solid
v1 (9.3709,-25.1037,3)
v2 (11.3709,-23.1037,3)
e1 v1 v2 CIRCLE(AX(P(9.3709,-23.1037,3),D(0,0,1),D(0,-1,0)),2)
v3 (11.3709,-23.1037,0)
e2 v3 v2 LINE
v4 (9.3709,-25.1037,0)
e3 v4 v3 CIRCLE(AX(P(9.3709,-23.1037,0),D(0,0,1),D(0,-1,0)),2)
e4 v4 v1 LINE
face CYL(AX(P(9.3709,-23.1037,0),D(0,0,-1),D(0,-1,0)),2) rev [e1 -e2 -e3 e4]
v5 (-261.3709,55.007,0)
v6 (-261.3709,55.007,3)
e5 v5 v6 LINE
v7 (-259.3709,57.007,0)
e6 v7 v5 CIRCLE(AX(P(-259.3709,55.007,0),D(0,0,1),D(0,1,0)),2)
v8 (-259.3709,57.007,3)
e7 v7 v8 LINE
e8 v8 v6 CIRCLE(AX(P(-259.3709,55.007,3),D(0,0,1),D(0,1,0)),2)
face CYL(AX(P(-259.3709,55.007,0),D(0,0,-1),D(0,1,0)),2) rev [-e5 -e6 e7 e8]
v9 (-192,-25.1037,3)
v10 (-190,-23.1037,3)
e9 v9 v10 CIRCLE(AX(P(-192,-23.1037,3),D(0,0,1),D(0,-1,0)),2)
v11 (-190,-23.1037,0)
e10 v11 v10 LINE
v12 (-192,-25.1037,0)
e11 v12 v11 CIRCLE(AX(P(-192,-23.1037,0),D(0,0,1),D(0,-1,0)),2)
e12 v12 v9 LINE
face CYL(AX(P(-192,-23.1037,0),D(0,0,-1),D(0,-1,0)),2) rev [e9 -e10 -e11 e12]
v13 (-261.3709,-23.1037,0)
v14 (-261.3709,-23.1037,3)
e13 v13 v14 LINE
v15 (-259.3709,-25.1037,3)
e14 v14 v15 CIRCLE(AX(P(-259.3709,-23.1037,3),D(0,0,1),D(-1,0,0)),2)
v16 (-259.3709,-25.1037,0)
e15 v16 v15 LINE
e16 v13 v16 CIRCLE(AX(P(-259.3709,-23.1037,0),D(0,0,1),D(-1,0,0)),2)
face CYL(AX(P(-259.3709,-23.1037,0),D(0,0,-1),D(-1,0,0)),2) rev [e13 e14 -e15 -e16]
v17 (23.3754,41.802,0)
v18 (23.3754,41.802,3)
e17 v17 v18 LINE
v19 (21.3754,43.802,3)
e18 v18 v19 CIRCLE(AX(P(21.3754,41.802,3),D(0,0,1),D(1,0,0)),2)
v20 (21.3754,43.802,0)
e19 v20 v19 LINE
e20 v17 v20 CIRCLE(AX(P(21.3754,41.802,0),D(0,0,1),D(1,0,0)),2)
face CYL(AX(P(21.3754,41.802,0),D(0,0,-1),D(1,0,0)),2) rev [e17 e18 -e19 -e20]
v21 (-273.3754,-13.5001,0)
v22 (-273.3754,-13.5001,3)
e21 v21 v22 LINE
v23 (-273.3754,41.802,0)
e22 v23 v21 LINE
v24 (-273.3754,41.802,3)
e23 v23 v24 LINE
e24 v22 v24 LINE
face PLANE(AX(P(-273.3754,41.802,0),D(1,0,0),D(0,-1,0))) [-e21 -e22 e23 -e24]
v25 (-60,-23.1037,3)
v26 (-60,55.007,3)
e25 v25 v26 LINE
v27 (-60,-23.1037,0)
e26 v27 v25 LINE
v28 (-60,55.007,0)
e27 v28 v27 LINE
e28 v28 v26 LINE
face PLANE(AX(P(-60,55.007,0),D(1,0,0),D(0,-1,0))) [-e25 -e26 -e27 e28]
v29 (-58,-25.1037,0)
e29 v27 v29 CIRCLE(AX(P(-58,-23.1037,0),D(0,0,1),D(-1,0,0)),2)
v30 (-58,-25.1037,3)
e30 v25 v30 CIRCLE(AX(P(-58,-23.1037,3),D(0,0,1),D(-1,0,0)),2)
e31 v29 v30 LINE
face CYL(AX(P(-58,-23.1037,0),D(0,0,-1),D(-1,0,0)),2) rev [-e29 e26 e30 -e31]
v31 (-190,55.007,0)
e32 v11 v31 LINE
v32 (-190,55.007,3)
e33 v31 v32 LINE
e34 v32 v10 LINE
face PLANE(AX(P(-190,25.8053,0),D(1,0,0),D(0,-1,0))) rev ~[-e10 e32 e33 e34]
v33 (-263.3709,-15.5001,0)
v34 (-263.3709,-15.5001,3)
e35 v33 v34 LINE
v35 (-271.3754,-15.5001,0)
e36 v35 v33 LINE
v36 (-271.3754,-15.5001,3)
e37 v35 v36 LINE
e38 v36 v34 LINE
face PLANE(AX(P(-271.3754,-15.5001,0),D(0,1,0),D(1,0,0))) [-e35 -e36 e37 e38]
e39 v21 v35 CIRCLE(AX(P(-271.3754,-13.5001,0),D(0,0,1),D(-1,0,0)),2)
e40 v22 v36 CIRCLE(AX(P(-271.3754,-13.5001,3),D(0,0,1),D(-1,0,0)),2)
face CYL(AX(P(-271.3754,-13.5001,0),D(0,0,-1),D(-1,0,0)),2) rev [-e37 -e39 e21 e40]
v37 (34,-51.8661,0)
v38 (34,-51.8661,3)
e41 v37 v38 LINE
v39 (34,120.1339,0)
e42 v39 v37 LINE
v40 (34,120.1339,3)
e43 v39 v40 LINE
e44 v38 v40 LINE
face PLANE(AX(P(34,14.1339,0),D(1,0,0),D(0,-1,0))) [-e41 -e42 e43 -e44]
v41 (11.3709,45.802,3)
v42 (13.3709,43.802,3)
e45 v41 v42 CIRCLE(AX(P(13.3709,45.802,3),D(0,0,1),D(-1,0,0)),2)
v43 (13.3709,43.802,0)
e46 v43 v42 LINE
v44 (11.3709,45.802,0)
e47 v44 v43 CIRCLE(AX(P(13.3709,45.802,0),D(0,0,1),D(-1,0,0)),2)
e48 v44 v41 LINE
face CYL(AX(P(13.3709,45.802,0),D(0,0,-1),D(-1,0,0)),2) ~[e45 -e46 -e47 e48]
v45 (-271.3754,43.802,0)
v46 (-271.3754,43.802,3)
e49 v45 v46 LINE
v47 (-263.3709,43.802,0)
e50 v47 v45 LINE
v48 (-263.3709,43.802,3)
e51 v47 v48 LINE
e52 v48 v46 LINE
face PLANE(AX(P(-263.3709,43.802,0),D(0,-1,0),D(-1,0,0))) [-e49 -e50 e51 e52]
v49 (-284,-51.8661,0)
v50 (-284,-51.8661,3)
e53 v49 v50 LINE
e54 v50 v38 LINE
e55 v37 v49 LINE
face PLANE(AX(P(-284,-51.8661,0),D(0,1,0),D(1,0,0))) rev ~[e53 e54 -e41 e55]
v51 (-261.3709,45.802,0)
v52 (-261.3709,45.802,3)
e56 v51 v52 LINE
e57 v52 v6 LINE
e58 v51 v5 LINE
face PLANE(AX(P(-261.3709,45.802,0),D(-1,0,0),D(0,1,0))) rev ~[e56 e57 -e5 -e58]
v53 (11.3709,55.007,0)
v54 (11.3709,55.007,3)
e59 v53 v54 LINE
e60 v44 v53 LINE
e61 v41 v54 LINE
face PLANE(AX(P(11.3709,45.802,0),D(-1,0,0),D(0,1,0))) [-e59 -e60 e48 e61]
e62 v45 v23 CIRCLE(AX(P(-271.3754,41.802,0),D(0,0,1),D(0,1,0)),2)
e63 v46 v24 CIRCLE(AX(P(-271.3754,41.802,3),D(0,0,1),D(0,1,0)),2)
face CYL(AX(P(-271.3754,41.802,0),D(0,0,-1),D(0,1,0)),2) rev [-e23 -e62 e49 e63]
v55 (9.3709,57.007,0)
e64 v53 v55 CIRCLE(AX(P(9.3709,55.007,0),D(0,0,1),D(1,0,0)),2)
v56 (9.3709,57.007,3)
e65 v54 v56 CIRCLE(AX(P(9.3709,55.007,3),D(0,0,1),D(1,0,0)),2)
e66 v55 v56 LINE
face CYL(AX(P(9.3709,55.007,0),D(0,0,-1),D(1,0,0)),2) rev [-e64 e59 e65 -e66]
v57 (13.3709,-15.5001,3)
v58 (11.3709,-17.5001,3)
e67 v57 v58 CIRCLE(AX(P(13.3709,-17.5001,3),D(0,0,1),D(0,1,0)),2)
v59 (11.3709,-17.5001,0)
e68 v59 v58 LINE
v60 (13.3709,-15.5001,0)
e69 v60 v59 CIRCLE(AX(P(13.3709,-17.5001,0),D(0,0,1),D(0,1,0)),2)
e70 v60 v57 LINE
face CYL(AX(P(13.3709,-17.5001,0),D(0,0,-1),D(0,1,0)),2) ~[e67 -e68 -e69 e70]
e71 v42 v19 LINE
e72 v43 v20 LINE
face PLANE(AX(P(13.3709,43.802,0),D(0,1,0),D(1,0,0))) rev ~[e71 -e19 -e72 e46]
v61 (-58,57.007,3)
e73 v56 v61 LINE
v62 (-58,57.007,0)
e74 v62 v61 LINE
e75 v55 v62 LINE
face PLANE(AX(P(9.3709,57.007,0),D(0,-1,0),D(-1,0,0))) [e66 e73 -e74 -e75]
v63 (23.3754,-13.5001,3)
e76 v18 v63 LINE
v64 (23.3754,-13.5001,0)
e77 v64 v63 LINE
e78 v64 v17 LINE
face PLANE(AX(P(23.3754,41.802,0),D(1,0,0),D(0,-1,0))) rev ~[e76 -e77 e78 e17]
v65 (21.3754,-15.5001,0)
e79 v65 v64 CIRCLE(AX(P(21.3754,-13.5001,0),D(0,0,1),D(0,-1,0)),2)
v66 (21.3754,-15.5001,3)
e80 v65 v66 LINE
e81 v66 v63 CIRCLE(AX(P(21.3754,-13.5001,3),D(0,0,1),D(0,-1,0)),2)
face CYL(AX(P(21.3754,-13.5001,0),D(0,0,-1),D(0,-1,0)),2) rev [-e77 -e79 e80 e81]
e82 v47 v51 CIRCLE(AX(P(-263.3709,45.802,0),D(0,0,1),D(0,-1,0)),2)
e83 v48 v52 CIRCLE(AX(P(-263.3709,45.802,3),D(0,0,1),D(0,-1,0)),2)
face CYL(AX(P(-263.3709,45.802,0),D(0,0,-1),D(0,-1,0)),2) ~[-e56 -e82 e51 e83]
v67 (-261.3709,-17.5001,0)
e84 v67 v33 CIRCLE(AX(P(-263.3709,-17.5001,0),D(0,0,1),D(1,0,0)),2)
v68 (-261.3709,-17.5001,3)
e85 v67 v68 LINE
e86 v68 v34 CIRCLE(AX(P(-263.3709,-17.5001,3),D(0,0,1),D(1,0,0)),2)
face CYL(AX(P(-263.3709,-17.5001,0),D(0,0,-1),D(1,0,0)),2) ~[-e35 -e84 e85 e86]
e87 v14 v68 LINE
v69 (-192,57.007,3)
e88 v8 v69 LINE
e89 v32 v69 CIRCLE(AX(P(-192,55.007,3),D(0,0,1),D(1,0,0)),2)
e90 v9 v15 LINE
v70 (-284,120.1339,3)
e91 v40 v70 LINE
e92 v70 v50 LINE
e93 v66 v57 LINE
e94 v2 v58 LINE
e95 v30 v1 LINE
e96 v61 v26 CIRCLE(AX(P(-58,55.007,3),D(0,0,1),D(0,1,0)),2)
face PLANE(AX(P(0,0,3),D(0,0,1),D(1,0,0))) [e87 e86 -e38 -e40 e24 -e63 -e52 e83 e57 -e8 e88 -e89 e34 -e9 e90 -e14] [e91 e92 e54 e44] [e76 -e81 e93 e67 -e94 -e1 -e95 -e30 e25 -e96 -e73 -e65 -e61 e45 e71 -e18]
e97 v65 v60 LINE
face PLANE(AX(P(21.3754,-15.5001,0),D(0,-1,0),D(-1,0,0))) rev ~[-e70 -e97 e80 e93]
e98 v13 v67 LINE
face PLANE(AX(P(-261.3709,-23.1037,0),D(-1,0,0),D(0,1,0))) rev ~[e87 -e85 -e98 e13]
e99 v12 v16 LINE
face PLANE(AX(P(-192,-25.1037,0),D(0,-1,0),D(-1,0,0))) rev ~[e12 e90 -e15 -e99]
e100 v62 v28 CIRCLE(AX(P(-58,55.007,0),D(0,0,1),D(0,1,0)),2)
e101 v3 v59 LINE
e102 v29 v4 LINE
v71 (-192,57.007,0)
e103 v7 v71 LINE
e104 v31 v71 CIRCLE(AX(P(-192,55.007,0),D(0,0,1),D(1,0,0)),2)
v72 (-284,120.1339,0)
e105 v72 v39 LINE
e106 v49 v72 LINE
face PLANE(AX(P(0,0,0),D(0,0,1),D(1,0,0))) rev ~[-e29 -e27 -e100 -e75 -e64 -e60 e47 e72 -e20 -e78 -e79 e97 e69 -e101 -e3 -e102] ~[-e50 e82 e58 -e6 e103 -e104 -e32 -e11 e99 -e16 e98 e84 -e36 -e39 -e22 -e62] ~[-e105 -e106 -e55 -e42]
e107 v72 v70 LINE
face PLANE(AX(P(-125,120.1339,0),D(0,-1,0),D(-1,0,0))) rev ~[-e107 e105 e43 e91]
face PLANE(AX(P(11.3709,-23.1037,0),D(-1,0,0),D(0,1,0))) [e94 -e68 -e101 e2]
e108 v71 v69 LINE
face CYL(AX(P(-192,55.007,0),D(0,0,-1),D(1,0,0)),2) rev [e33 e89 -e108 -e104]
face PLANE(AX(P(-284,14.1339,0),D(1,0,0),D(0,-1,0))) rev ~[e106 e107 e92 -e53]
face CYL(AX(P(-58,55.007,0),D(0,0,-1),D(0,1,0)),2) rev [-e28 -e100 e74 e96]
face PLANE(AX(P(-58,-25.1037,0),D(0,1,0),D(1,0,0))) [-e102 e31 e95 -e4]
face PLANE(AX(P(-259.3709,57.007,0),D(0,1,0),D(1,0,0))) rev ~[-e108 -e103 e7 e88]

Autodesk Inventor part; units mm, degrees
ref_plane "YZ Plane" through (0, 0, 0) normal (1, 0, 0) x (0, 1, 0)
ref_plane "XZ Plane" through (0, 0, 0) normal (0, 1, 0) x (-1, 0, 0)
ref_plane "XY Plane" through (0, 0, 0) normal (0, 0, 1) x (1, 0, 0)
ref_plane "Plan de construction1" through (0, 0, 0) normal (0, 0, 1) x (1, 0, 0)
sketch "Esquisse1" plane through (0, 0, 0) normal (0, 0, 1) x (1, 0, 0)
  line L0 (-259.3709, 57.007) -> (-192, 57.007)
  line L1 (-190, 55.007) -> (-190, -23.1037)
  line L2 (-192, -25.1037) -> (-259.3709, -25.1037)
  line L3 (-263.3709, 43.802) -> (-271.3754, 43.802)
  line L4 (-273.3754, 41.802) -> (-273.3754, -13.5001)
  line L5 (-271.3754, -15.5001) -> (-263.3709, -15.5001)
  line L6 (-261.3709, -23.1037) -> (-261.3709, -17.5001)
  line L7 (-261.3709, 45.802) -> (-261.3709, 55.007)
  arc A0 (-263.3709, 43.802) -> (-261.3709, 45.802) centre (-263.3709, 45.802) ccw
  arc A1 (-190, 55.007) -> (-192, 57.007) centre (-192, 55.007) ccw
  arc A2 (-192, -25.1037) -> (-190, -23.1037) centre (-192, -23.1037) ccw
  arc A3 (-261.3709, -17.5001) -> (-263.3709, -15.5001) centre (-263.3709, -17.5001) ccw
  arc A4 (-261.3709, -23.1037) -> (-259.3709, -25.1037) centre (-259.3709, -23.1037) ccw
  arc A5 (-273.3754, -13.5001) -> (-271.3754, -15.5001) centre (-271.3754, -13.5001) ccw
  arc A6 (-271.3754, 43.802) -> (-273.3754, 41.802) centre (-271.3754, 41.802) ccw
  arc A7 (-259.3709, 57.007) -> (-261.3709, 55.007) centre (-259.3709, 55.007) ccw
  line L8 (-190, 25.8053) -> (-162, 25.8053) projected
  line L9 (-125, 120.1339) -> (-125, -94.4398)
  line L10 (-280, 60.1339) -> (30, 60.1339) projected
  line L11 (30, 60.1339) -> (30, -31.8661) projected
  line L12 (9.3709, 57.007) -> (-58, 57.007)
  line L13 (-60, 55.007) -> (-60, -23.1037)
  line L14 (-58, -25.1037) -> (9.3709, -25.1037)
  line L15 (13.3709, 43.802) -> (21.3754, 43.802)
  line L16 (23.3754, 41.802) -> (23.3754, -13.5001)
  line L17 (21.3754, -15.5001) -> (13.3709, -15.5001)
  line L18 (11.3709, -23.1037) -> (11.3709, -17.5001)
  line L19 (11.3709, 45.802) -> (11.3709, 55.007)
  arc A8 (11.3709, 45.802) -> (13.3709, 43.802) centre (13.3709, 45.802) ccw
  arc A9 (-58, 57.007) -> (-60, 55.007) centre (-58, 55.007) ccw
  arc A10 (-60, -23.1037) -> (-58, -25.1037) centre (-58, -23.1037) ccw
  arc A11 (13.3709, -15.5001) -> (11.3709, -17.5001) centre (13.3709, -17.5001) ccw
  arc A12 (9.3709, -25.1037) -> (11.3709, -23.1037) centre (9.3709, -23.1037) ccw
  arc A13 (21.3754, -15.5001) -> (23.3754, -13.5001) centre (21.3754, -13.5001) ccw
  arc A14 (23.3754, 41.802) -> (21.3754, 43.802) centre (21.3754, 41.802) ccw
  arc A15 (11.3709, 55.007) -> (9.3709, 57.007) centre (9.3709, 55.007) ccw
  line L20 (-125, 120.1339) -> (-284, 120.1339)
  line L21 (-284, 120.1339) -> (-284, -51.8661)
  line L22 (-284, -51.8661) -> (-125, -51.8661)
  line L23 (-125, -51.8661) -> (-125, 120.1339)
  line L24 (-280, -31.8661) -> (-280, 60.1339) projected
  line L25 (-323.0211, 14.1339) -> (69.534, 14.1339)
  line L26 (-125, 120.1339) -> (34, 120.1339)
  line L27 (34, 120.1339) -> (34, -51.8661)
  line L28 (34, -51.8661) -> (-125, -51.8661)
  point P0 (0, 0)
  dimension "d0" = 2
  dimension "d1" = 155
  dimension "d4" = 4
  dimension "d5" = 172
  dimension "d10" = 20
extrude "Extrusion1" add sketch "Esquisse1" along normal blind 3 contours A7 L7 A0 L3 A6 L4 L25 L24 L10 L9 L1 A1 L0 | L25 L9 L22 L21 L4 A5 L5 A3 L6 A4 L2 A2 L1 | L25 L13 A10 L14 A12 L18 A11 L17 A13 L16 L27 L28 L9 | L9 L10 L11 L25 L16 A14 L15 A8 L19 A15 L12 A9 L13 | L25 L21 L20 L9 L10 L24 | L9 L26 L27 L25 L11 L10
properties part number "base robot"
